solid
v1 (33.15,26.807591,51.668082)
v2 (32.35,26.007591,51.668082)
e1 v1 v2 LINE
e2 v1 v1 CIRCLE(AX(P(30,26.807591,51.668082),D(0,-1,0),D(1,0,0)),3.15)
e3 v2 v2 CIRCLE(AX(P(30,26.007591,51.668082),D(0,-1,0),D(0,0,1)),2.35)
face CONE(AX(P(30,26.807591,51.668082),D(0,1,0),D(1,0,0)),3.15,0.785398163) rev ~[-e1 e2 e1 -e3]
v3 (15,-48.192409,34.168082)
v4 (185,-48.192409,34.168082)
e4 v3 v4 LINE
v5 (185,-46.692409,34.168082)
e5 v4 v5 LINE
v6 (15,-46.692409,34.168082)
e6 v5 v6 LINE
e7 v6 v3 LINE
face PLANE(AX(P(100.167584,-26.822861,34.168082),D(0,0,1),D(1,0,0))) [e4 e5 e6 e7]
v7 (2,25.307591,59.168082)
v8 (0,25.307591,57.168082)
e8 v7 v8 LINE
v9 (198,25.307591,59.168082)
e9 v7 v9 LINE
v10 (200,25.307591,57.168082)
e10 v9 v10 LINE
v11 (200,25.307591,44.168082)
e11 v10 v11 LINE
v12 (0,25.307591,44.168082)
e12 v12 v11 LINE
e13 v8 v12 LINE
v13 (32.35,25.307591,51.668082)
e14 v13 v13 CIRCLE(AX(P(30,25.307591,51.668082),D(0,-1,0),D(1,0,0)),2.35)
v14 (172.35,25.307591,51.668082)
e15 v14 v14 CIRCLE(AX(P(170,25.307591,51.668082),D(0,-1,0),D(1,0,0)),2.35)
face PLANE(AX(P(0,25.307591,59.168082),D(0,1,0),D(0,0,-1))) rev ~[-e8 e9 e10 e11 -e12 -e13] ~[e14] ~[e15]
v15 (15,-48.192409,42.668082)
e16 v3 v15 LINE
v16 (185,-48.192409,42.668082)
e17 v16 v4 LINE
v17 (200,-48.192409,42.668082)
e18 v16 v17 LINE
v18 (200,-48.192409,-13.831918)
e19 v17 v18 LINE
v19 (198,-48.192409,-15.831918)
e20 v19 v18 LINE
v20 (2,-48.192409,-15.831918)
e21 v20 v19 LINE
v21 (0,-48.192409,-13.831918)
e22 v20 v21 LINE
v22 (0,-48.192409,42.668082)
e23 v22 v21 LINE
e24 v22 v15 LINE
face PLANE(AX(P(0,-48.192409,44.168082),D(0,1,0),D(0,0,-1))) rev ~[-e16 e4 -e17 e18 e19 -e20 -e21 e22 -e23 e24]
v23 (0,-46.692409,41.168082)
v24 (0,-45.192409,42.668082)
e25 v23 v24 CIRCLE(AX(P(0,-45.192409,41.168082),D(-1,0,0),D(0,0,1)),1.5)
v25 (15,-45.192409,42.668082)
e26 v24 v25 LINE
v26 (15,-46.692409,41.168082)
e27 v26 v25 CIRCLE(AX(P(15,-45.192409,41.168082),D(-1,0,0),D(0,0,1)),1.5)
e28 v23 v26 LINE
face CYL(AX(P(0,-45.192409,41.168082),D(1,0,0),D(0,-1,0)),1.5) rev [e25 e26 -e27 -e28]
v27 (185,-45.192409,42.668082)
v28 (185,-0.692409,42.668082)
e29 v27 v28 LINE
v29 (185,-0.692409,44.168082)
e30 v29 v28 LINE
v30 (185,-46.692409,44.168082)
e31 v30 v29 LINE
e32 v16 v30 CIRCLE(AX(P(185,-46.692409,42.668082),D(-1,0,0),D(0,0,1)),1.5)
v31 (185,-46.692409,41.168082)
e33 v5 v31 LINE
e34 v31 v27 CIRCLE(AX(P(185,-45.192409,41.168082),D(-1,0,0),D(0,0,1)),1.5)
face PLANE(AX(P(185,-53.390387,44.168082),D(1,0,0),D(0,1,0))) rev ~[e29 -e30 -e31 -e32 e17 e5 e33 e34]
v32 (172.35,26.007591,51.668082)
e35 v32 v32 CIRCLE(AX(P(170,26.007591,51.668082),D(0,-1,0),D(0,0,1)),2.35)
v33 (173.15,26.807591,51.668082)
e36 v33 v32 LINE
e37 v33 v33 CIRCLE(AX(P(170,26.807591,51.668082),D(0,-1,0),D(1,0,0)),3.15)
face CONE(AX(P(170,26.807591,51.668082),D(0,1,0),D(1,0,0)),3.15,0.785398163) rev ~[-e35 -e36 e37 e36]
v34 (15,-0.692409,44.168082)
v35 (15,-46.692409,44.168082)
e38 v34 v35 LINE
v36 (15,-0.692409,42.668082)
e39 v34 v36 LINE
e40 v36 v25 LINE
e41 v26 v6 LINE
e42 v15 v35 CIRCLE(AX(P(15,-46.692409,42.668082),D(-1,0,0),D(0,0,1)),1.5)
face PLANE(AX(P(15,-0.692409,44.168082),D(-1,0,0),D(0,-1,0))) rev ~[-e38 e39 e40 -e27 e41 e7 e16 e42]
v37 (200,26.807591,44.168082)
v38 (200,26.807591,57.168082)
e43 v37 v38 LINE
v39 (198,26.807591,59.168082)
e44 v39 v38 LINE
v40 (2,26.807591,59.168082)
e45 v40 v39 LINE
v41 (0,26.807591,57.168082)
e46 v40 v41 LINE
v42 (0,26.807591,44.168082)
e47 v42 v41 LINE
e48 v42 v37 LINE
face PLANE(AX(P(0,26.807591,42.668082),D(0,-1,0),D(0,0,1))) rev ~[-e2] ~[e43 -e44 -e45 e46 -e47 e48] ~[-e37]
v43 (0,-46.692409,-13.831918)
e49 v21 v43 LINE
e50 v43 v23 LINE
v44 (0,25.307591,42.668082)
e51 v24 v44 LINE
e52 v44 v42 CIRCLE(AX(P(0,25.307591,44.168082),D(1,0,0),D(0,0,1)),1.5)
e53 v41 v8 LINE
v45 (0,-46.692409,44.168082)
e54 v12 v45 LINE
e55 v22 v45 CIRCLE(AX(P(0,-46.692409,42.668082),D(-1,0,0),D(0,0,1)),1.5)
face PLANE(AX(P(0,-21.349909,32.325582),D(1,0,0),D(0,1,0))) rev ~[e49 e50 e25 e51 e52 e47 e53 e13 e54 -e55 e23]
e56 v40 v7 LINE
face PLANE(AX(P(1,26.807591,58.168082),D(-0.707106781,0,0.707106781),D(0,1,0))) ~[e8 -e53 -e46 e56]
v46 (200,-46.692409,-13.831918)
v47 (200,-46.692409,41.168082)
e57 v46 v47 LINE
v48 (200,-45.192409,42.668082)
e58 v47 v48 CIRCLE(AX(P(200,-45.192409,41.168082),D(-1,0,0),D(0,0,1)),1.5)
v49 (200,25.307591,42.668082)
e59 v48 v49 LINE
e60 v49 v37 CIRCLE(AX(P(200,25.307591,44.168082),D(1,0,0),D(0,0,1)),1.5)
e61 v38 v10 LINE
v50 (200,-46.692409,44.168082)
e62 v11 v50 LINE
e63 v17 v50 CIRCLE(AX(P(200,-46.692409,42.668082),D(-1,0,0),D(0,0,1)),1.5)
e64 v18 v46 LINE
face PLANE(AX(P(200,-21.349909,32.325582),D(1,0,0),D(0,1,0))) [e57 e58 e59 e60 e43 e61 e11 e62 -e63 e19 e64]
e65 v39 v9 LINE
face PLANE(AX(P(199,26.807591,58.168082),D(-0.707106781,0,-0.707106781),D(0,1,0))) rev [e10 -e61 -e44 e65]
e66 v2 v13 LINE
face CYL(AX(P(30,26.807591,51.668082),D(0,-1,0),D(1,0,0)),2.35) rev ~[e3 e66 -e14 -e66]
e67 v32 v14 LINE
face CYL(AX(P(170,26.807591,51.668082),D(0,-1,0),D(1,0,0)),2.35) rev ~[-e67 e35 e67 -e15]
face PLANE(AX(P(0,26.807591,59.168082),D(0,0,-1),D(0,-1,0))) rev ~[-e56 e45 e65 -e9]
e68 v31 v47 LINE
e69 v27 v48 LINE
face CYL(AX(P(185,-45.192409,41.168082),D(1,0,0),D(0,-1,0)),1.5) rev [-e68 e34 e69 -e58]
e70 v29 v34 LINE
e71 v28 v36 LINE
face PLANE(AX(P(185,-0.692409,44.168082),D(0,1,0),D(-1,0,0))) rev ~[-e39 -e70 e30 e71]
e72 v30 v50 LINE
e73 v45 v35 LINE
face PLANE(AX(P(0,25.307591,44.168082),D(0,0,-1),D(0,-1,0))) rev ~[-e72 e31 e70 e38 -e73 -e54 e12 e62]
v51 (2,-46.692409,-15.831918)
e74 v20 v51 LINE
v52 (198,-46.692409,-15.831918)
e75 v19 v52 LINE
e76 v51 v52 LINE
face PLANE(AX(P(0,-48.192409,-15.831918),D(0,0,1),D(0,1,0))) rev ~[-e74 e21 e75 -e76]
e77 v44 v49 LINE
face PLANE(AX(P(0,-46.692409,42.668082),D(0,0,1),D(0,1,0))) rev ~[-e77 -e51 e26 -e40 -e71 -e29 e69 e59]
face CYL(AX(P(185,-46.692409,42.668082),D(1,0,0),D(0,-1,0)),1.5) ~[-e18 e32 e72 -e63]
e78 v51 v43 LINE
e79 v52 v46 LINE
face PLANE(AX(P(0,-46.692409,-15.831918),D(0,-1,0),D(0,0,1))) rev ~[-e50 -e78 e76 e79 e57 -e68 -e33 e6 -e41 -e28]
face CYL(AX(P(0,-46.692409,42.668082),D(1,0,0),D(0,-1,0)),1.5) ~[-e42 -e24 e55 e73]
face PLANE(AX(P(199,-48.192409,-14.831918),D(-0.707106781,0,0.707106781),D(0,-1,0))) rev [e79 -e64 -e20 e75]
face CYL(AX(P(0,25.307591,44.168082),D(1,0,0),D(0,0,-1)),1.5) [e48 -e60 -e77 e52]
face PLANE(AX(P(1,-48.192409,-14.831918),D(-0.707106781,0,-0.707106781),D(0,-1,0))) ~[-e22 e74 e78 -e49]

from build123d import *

# Parameters (mm, degrees)
F1_DEPTH       = 200
F2_SIZE        = 2
F4_D           = 4.7
F4_CSINK_D     = 6.3
F4_CSINK_ANGLE = 90
F6_DEPTH       = 10
F7_R           = 1.5


with BuildPart() as f1:
    # F0 (on Right) → F1 (new body)
    with BuildSketch(Plane.YZ):
        Polygon((25.307591, 44.168082), (-48.192409, 44.168082), (-48.192409, -15.831918), (-46.692409, -15.831918), (-46.692409, 42.668082), (26.807591, 42.668082), (26.807591, 44.168082), (26.807591, 59.168082), (25.307591, 59.168082), align=None)
    extrude(amount=F1_DEPTH)

    # F2
    f2_edges = [f1.edges().sort_by_distance(p)[0] for p in [
        (200, 26.057591, 59.168082),
        (0, 26.057591, 59.168082),
        (0, -47.442409, -15.831918),
        (200, -47.442409, -15.831918),
    ]]
    chamfer(f2_edges, length=F2_SIZE)

    # F4 (through all)
    with Locations(Plane(origin=(0, 26.807591, 0), x_dir=(-1, 0, 0), z_dir=(0, 1, 0))):
        with Locations((-170, 51.668082), (-30, 51.668082)):
            CounterSinkHole(F4_D / 2, F4_CSINK_D / 2, counter_sink_angle=F4_CSINK_ANGLE)

    # F5 (on face) → F6 (cut)
    with BuildSketch(Plane.XY.offset(44.168082)):
        Polygon((185, -53.390387), (185, -0.692409), (15, -0.692409), (15, -52.513979), align=None)
    extrude(amount=-F6_DEPTH, mode=Mode.SUBTRACT)

    # F7
    f7_edges = [f1.edges().sort_by_distance(p)[0] for p in [
        (7.5, -48.192409, 44.168082),
        (192.5, -48.192409, 44.168082),
        (100, 26.807591, 42.668082),
        (192.5, -46.692409, 42.668082),
        (7.5, -46.692409, 42.668082),
    ]]
    fillet(f7_edges, radius=F7_R)


solid = f1.part
